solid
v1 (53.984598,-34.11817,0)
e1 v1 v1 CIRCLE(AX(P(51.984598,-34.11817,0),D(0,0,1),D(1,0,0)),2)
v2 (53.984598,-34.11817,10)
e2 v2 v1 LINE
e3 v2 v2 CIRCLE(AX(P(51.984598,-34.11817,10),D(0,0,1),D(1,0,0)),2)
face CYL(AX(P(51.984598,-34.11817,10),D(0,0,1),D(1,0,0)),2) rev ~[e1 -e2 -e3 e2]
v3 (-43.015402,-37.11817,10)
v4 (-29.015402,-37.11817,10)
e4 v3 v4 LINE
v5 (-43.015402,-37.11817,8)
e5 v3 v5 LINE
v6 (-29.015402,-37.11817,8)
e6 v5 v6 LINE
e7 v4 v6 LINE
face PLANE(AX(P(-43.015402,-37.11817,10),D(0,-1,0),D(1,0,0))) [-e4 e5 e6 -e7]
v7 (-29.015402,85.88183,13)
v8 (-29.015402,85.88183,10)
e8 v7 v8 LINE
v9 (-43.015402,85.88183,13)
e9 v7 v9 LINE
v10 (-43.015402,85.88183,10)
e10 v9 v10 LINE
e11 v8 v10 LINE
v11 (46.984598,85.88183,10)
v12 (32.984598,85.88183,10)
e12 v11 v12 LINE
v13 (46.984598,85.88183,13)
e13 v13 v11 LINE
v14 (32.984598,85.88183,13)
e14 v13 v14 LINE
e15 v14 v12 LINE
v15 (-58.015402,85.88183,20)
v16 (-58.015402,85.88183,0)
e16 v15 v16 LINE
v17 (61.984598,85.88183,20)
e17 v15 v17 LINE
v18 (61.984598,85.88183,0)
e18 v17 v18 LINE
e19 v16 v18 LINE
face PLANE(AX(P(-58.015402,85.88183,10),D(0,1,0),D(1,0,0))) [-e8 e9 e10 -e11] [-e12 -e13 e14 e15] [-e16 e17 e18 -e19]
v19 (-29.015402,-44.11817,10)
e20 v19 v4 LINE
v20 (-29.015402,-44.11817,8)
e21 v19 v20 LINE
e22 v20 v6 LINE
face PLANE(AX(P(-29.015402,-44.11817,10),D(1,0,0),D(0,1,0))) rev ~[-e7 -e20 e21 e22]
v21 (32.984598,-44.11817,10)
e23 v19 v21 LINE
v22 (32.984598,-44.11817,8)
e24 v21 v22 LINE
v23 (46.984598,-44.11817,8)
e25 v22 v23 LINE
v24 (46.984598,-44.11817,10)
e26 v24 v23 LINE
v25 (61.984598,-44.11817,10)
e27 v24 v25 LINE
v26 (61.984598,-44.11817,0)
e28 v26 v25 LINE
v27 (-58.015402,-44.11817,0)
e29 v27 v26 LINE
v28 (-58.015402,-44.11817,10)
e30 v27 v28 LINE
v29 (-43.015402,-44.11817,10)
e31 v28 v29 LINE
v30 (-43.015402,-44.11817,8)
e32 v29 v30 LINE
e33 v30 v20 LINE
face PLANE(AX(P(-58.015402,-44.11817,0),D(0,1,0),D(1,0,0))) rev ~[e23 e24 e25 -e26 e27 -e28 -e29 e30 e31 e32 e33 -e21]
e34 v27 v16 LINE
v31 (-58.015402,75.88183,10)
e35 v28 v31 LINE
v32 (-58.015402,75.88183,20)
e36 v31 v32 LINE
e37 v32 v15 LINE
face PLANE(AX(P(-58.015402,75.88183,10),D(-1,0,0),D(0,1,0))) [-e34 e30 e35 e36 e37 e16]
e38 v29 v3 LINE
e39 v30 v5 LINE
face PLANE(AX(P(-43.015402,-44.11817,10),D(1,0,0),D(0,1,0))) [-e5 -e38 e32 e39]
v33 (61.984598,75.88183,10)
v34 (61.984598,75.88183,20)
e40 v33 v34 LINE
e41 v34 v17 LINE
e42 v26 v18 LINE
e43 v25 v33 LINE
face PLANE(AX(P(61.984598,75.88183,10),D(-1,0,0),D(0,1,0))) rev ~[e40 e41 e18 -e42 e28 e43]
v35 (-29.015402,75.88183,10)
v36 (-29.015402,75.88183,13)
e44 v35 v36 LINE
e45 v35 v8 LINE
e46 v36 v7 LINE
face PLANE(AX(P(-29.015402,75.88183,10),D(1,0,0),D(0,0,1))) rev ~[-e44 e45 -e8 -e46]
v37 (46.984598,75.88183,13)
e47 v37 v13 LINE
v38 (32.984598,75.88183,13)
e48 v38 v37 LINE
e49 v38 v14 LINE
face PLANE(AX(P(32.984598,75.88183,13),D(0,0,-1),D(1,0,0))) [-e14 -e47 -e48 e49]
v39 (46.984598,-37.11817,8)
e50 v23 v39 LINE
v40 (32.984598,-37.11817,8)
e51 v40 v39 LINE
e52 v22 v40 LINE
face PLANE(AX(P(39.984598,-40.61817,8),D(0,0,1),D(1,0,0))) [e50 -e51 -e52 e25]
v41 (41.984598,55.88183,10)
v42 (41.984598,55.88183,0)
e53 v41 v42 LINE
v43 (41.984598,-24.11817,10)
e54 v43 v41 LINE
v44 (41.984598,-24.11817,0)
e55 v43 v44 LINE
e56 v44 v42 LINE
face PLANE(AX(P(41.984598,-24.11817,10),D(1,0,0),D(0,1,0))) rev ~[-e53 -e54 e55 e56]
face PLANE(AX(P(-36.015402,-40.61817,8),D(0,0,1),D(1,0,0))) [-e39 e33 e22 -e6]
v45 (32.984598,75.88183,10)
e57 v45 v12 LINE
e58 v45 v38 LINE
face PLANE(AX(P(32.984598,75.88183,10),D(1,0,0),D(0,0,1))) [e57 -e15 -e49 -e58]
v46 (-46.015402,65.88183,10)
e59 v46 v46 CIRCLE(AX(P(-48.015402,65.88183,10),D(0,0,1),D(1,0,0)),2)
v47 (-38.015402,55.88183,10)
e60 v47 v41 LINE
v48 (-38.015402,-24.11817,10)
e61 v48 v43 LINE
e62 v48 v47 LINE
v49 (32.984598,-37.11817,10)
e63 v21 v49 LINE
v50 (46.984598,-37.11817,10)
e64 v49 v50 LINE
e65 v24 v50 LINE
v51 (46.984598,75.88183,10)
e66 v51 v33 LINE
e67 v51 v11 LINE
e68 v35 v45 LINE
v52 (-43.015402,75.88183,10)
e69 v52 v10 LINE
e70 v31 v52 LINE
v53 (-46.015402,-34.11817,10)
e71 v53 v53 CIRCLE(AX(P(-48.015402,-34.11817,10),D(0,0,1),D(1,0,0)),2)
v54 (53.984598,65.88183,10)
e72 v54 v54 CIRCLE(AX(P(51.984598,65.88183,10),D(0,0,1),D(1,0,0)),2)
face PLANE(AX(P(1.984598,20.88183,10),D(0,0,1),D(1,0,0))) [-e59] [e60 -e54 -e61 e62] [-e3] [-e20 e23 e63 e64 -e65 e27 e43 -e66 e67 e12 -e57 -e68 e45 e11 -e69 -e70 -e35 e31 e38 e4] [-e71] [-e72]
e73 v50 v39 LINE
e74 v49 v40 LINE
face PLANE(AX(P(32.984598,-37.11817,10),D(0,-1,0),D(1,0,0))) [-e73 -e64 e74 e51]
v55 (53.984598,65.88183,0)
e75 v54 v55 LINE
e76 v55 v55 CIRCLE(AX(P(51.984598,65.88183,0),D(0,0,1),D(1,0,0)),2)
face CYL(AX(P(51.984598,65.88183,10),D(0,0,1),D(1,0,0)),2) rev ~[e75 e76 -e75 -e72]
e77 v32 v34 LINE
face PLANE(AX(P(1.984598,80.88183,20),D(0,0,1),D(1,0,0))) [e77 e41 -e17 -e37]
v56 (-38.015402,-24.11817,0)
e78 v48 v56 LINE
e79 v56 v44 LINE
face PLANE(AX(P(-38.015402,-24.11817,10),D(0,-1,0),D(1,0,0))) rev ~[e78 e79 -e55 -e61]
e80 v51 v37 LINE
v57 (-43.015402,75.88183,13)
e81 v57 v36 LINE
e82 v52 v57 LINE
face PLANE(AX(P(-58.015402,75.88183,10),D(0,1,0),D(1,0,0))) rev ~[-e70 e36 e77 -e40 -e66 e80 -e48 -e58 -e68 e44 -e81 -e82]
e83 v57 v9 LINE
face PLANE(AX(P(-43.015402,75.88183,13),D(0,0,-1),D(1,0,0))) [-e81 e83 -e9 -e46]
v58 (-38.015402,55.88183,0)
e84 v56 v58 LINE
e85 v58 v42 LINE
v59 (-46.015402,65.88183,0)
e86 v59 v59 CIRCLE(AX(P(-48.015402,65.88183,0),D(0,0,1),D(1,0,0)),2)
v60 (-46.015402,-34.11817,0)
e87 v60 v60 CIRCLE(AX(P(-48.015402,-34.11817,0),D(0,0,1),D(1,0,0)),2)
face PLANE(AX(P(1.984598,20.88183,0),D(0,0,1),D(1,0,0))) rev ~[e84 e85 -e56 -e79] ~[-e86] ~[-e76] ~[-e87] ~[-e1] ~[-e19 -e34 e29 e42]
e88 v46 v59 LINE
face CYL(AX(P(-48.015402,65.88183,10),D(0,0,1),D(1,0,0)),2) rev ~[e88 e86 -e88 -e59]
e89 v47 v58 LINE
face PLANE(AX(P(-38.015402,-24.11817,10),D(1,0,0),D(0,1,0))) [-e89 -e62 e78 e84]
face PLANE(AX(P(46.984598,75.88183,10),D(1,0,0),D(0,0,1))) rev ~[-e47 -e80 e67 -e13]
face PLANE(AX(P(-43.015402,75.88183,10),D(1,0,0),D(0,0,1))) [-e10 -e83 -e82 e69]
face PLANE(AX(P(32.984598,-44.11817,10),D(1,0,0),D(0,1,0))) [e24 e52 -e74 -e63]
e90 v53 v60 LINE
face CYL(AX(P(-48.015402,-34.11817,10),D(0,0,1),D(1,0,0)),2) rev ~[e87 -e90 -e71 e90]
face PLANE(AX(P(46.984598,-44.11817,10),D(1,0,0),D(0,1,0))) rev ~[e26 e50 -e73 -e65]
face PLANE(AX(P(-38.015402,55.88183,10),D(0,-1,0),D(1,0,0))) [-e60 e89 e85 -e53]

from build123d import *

# Parameters (mm, degrees)
F0_W      = 120
F0_H      = 130
F1_DEPTH  = 10
F2_W      = 120
F2_H      = 10
F3_DEPTH  = 10
F4_W      = 14
F4_H      = 3
F5_DEPTH  = 25
F6_DEPTH  = 25
F7_R      = 2
F8_DEPTH  = 25
F9_W      = 14
F9_H      = 7
F10_DEPTH = 2
F11_W     = 80
F11_H     = 80
F12_DEPTH = 25


with BuildPart() as f1:
    # F0 (on Top) → F1 (new body)
    with BuildSketch(Plane.XY):
        with Locations((1.984598, 20.88183)):
            Rectangle(F0_W, F0_H)
    extrude(amount=F1_DEPTH)

    # F2 (on face) → F3 (join)
    with BuildSketch(Plane.XY.offset(10)):
        with Locations((1.984598, 80.88183)):
            Rectangle(F2_W, F2_H)
    extrude(amount=F3_DEPTH)

    # F4 (on face) → F5 (cut)
    with BuildSketch(Plane.XZ.offset(-75.88183)):
        with Locations((-36.015402, 11.5)):
            Rectangle(F4_W, F4_H)
    extrude(amount=-F5_DEPTH, mode=Mode.SUBTRACT)

    # F4 (on face) → F6 (cut)
    with BuildSketch(Plane.XZ.offset(-75.88183)):
        with Locations((39.984598, 11.5)):
            Rectangle(F4_W, F4_H)
    extrude(amount=-F6_DEPTH, mode=Mode.SUBTRACT)

    # F7 (on face) → F8 (cut)
    with BuildSketch(Plane.XY.offset(10)):
        with Locations((-48.015402, 65.88183)):
            Circle(F7_R)
        with Locations((51.984598, 65.88183)):
            Circle(F7_R)
        with Locations((51.984598, -34.11817)):
            Circle(F7_R)
        with Locations((-48.015402, -34.11817)):
            Circle(F7_R)
    extrude(amount=-F8_DEPTH, mode=Mode.SUBTRACT)

    # F9 (on face) → F10 (cut)
    with BuildSketch(Plane.XY.offset(10)):
        with Locations((-36.015402, -40.61817)):
            Rectangle(F9_W, F9_H)
        with Locations((39.984598, -40.61817)):
            Rectangle(F9_W, F9_H)
    extrude(amount=-F10_DEPTH, mode=Mode.SUBTRACT)

    # F11 (on face) → F12 (cut)
    with BuildSketch(Plane.XY.offset(10)):
        with Locations((1.984598, 15.88183)):
            Rectangle(F11_W, F11_H)
    extrude(amount=-F12_DEPTH, mode=Mode.SUBTRACT)


solid = f1.part
